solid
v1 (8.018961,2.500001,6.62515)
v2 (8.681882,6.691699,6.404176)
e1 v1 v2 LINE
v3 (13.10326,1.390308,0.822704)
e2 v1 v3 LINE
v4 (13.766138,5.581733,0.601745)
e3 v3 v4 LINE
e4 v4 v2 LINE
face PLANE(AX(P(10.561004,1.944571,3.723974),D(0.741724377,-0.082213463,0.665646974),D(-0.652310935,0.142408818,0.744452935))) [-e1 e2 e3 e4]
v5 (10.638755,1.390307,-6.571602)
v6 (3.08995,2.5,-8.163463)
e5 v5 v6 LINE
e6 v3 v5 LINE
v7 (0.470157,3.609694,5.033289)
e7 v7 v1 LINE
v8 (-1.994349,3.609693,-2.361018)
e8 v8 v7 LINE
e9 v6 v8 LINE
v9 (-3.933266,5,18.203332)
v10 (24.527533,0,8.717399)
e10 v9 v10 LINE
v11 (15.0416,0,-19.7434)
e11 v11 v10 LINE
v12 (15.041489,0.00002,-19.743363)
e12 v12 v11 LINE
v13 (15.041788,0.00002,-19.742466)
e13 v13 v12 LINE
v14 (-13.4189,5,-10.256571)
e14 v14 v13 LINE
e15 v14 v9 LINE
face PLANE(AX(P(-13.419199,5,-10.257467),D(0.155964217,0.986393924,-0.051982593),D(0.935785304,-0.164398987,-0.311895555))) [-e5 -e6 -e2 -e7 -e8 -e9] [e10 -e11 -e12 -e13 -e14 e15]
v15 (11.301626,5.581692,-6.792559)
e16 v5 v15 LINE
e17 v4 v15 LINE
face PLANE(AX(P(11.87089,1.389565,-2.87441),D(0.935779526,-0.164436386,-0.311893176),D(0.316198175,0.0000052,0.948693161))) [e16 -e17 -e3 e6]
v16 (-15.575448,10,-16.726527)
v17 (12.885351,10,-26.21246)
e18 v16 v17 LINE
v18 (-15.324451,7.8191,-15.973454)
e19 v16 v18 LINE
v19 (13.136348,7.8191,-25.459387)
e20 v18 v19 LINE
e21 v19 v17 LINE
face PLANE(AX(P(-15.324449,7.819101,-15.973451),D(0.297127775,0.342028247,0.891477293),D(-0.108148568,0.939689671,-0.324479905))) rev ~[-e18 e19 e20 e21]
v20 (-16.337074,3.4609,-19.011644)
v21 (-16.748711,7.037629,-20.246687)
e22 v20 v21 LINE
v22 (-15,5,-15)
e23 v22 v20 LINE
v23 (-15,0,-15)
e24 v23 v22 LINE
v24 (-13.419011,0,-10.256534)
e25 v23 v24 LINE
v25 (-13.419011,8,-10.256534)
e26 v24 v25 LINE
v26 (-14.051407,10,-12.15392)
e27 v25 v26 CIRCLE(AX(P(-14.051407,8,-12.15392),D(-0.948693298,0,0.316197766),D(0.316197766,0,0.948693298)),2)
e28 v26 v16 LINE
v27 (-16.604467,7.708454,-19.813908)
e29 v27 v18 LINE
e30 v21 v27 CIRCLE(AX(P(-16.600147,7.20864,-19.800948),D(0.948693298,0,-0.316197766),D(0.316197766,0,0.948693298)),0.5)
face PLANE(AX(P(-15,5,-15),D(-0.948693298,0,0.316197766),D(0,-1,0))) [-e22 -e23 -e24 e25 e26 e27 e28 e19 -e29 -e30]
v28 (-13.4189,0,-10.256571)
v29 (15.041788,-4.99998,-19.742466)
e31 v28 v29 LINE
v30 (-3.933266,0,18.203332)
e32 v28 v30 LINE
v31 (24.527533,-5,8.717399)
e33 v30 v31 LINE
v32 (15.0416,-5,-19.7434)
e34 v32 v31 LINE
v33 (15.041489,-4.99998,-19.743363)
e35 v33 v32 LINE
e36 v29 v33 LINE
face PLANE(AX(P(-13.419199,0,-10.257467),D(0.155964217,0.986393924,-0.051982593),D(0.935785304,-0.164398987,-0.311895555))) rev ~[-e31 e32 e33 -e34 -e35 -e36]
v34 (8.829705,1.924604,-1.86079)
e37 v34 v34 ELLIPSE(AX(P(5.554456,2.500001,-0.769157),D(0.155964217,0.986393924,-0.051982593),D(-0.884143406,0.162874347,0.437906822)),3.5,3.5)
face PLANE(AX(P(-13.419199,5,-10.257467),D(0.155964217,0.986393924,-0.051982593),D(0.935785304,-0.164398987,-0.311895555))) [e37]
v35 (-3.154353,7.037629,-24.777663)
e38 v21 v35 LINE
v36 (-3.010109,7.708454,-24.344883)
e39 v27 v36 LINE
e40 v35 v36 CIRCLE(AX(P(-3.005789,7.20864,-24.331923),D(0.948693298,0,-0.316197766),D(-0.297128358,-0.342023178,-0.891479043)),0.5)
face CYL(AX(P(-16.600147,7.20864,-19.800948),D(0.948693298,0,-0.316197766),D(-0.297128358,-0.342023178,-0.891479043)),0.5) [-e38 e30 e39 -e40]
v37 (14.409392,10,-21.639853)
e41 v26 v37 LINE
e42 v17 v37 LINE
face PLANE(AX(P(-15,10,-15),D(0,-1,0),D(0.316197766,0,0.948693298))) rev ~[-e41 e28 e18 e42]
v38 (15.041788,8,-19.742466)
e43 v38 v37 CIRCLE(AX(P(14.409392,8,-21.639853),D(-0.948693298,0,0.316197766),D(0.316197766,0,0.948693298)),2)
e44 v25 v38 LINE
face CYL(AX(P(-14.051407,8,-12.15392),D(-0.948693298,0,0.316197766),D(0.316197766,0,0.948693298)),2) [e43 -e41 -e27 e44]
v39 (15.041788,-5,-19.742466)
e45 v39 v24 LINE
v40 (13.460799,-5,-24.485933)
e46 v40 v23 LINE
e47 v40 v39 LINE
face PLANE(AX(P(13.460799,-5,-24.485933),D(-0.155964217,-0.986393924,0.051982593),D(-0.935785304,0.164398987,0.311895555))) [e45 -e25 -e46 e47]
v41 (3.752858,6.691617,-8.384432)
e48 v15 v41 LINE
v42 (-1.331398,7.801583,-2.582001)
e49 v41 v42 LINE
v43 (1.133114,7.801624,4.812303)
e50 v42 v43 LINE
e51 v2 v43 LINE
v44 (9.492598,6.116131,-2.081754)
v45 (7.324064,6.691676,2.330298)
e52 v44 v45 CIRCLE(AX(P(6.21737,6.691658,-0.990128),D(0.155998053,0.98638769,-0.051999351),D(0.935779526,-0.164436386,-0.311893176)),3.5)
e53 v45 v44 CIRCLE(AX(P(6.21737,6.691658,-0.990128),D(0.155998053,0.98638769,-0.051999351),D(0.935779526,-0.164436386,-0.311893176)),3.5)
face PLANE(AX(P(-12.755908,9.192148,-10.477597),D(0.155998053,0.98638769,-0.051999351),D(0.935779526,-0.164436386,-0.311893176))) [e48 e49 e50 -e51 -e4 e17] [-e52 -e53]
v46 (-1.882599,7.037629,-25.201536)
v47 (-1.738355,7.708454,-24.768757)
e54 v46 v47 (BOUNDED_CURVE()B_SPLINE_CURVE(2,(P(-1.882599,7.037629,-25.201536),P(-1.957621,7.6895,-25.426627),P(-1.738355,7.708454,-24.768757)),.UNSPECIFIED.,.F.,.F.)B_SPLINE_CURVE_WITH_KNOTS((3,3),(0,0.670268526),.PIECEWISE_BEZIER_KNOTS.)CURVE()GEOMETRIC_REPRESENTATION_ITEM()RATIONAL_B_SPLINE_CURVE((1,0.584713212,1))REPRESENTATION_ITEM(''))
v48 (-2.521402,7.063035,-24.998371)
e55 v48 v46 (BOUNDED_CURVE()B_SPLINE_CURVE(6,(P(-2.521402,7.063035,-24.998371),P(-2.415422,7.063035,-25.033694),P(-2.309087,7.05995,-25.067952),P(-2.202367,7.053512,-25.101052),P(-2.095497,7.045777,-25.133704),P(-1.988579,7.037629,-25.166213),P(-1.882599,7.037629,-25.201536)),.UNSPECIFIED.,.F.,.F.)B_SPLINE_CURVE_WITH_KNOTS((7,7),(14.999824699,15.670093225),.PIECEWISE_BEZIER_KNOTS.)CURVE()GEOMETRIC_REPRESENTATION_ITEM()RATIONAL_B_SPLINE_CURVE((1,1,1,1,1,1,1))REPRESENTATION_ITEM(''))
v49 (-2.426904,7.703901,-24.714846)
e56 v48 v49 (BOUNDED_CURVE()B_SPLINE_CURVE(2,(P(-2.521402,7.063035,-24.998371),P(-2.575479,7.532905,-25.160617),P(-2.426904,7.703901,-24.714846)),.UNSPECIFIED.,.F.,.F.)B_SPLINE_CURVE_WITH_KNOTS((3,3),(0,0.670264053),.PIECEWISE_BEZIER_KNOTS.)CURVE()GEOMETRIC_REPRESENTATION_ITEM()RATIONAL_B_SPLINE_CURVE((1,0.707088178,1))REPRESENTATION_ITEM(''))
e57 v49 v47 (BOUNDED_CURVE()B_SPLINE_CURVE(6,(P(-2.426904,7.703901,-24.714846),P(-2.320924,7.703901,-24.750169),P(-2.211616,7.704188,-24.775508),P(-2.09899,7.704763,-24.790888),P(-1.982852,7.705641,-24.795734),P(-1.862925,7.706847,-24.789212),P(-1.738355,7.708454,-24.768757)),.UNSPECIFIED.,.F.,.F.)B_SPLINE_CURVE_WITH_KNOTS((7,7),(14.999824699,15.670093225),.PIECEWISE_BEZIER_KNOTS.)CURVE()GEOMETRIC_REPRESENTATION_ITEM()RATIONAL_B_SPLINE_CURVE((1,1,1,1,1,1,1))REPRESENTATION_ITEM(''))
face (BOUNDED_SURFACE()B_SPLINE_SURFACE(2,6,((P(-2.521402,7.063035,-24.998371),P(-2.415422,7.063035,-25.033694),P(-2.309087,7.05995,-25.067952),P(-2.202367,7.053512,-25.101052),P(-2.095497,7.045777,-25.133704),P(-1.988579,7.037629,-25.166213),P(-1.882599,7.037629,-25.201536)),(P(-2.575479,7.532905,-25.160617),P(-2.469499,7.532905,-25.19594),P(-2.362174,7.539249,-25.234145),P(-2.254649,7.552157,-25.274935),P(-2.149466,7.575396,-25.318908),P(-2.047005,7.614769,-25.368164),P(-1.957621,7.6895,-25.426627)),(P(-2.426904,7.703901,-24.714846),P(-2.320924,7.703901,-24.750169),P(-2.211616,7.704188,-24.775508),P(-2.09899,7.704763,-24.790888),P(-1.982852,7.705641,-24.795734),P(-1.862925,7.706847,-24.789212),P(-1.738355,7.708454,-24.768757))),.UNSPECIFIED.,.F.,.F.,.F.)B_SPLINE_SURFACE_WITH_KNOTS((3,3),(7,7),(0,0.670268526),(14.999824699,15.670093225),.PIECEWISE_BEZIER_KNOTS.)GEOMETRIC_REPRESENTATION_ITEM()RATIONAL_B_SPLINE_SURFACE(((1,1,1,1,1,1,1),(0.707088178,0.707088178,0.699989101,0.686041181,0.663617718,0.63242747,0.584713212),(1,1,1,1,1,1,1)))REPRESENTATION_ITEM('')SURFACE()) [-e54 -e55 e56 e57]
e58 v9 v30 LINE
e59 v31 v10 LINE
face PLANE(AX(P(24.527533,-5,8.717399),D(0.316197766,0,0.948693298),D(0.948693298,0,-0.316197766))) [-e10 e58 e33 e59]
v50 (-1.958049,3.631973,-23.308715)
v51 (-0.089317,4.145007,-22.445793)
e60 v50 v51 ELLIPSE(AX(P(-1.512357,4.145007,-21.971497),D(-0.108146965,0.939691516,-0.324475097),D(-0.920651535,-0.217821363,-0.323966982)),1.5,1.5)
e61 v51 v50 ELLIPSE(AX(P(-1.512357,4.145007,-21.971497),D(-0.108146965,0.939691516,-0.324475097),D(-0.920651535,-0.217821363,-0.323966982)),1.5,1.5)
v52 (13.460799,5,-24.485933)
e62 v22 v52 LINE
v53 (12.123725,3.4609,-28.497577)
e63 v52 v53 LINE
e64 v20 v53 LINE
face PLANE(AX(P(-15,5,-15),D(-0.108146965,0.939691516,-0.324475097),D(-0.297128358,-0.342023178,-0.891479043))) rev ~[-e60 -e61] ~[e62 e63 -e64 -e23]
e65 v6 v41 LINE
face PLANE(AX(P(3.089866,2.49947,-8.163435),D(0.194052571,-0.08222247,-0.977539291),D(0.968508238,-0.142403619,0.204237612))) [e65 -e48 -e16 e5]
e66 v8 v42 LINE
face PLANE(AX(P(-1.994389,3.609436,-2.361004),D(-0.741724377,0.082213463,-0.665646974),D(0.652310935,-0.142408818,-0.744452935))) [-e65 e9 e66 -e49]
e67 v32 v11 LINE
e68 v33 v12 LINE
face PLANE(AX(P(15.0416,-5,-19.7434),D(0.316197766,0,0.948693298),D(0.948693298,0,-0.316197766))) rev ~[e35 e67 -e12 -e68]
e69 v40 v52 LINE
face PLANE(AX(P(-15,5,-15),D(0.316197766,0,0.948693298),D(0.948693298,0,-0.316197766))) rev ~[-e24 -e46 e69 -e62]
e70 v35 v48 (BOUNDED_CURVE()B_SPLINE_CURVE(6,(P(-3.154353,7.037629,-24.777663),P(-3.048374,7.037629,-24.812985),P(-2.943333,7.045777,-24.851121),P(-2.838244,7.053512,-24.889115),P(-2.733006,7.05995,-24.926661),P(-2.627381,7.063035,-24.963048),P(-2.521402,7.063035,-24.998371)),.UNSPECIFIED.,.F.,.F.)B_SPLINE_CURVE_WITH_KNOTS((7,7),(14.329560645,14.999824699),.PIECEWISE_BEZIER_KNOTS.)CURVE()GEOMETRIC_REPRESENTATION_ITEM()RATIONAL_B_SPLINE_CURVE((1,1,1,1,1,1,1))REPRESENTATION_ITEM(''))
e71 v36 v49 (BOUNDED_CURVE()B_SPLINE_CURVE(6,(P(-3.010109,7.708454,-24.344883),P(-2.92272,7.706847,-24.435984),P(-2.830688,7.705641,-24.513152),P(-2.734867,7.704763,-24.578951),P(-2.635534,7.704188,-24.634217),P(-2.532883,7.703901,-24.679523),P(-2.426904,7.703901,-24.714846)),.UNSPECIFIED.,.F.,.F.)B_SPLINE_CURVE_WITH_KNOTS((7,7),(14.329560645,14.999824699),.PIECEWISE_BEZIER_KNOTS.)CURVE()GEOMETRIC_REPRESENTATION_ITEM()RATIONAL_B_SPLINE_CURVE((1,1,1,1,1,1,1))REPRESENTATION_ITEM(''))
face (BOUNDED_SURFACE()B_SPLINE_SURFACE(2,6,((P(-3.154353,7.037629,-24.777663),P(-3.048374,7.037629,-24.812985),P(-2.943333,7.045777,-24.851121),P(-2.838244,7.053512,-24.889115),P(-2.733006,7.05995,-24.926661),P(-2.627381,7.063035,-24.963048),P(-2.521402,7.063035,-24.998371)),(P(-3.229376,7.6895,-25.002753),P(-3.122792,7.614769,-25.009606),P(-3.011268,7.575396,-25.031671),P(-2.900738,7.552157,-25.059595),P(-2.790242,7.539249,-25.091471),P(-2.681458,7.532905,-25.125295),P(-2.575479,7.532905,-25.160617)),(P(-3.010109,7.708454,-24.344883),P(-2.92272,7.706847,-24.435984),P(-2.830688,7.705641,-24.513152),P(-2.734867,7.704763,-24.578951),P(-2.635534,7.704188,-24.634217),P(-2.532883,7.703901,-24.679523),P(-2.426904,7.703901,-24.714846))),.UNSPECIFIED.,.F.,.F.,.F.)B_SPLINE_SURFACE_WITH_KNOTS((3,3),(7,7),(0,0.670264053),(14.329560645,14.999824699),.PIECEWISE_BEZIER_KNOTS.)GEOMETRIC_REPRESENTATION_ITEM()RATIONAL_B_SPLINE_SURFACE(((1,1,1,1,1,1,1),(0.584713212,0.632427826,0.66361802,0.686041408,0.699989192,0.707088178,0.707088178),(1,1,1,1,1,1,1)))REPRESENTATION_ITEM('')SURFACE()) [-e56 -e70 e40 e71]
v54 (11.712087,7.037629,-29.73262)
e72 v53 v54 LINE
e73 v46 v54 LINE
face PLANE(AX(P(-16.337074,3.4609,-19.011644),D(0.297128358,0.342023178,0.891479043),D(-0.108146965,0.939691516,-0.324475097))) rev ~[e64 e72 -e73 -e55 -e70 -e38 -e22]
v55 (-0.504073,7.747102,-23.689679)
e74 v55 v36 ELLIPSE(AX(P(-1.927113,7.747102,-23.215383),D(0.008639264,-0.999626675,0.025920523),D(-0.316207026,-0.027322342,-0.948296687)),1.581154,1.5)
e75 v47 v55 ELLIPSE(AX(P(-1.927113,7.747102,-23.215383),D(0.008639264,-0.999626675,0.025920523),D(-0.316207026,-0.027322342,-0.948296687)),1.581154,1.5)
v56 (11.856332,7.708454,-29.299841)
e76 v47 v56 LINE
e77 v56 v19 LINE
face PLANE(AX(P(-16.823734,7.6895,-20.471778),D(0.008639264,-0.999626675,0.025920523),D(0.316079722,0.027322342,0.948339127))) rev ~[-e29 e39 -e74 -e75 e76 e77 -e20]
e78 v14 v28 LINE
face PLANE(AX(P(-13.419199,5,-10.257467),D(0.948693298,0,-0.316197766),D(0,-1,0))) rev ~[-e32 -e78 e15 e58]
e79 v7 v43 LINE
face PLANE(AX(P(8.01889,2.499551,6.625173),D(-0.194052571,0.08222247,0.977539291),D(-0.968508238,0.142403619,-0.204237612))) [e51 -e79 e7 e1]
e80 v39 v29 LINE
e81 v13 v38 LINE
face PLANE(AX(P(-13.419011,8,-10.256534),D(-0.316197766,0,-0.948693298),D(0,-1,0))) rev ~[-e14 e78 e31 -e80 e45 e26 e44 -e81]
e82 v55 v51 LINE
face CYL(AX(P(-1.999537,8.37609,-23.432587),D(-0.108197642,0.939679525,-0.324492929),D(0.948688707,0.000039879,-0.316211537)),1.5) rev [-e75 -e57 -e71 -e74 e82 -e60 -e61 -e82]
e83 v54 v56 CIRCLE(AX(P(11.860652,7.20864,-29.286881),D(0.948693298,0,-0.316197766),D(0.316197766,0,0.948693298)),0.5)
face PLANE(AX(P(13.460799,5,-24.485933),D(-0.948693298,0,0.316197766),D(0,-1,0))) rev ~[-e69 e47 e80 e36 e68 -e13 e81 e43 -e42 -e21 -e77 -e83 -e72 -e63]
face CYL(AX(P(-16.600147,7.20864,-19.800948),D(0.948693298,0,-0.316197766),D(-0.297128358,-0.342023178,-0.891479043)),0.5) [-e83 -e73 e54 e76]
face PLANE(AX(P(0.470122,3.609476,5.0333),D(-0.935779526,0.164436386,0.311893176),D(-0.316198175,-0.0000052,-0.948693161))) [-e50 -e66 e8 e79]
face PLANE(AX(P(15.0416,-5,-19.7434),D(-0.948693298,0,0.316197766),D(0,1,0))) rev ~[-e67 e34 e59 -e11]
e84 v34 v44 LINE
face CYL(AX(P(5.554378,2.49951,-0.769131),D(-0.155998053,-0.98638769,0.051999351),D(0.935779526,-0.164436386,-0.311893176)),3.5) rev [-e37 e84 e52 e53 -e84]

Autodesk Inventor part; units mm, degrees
ref_plane "YZ Plane" through (0, 0, 0) normal (1, 0, 0) x (0, 1, 0)
ref_plane "XZ Plane" through (0, 0, 0) normal (0, 1, 0) x (-1, 0, 0)
ref_plane "XY Plane" through (0, 0, 0) normal (0, 0, 1) x (1, 0, 0)
ref_plane "Work Plane2" through (-15, 5, -15) normal (-0.9487, 0, 0.3162) x (0, -1, 0)
sketch "Sketch3" plane through (-15, 5, -15) normal (-0.9487, 0, 0.3162) x (0, -1, 0)
  line L0 (0, 37.9473) -> (0, 0) projected
  line L1 (0, 0) -> (-5, 0)
  line L2 (-5, 0) -> (-5, 3)
  line L3 (-3, 5) -> (0, 5)
  line L4 (0, 0) -> (0, 5)
  arc A0 (-3, 5) -> (-5, 3) centre (-3, 3) ccw
  line L5 (0, 0) -> (5.0254, 0) construction
  line L6 (5, 0) -> (0, 0) projected
  line L7 (0, 0) -> (-5, -1.8199)
  line L8 (0, 0) -> (5.3209, 0) construction
  line L9 (-5, -1.8199) -> (-5, 0)
  line L10 (0, 0) -> (-3.2889, -1.1971)
  line L11 (0, 0) -> (-2.8191, -1.0261)
  line L12 (0, 0) -> (1.5391, -4.2286)
  line L13 (1.5391, -4.2286) -> (-2.6895, -5.7677)
  line L14 (-2.6895, -5.7677) -> (-2.8191, -1.0261)
  point P0 (5, 18.9737)
  point P1 (-5, 5)
  dimension "d5" = 5
  dimension "d6" = 5
  dimension "d7" = 2
  dimension "d9" = 160
  dimension "d12" = 3.5
  dimension "d20" = 3
  dimension "d21" = 4.5
extrude "Extrusion2" add sketch "Sketch3" against normal blind 30
ref_plane "Work Plane4" through (-16.8239, 7.6895, -20.4717) normal (0.1082, -0.9397, 0.3245) x (0.9487, 0, -0.3162)
sketch "Sketch5" plane through (-16.8239, 7.6895, -20.4717) normal (0.1082, -0.9397, 0.3245) x (0.9487, 0, -0.3162)
  line L0 (30, 4.5) -> (30, 0) projected
  line L1 (30, 0) -> (30, -0.5)
  line L2 (30, -0.5) -> (15, -0.5)
  line L3 (15, -0.5) -> (15, 2)
  circle A0 centre (15, 2) radius 1.5
  point P0 (9.4868, 20.6193)
  dimension "d24" = 0.5
  dimension "d25" = 15
  dimension "d26" = 2.5
  dimension "d27" = 3
extrude "Extrusion4" cut sketch "Sketch5" along normal blind 10
sketch "Sketch7" plane through (-15, 5, -15) normal (-0.9487, 0, 0.3162) x (0, -1, 0)
  line L0 (0, 0) -> (6.5506, 2.3842)
  line L1 (0, 0) -> (6.971, 0) construction
  line L2 (6.5506, 2.3842) -> (6.5506, -3.325)
  line L3 (6.5506, -3.325) -> (0, 0)
  point P0 (5, 18.9737)
  dimension "d34" = 20
extrude "Extrusion6" cut sketch "Sketch7" along normal blind 5 and the other way blind 40
fillet "Fillet2" radius 0.5 1 edges at (-2.5937, 7.6895, -25.2151)
sketch "Sketch8" plane through (-13.4189, 5, -10.2566) normal (0.3162, 0, 0.9487) x (0.9487, 0, -0.3162)
  line L0 (30, 0) -> (31.6228, 0) projected
  line L1 (30, 0) -> (36.1043, 0)
  line L2 (36.1043, 0) -> (36.1043, -10.0041)
  line L3 (36.1043, -10.0041) -> (30, -10.0041)
  line L4 (30, -10.0041) -> (30, 0)
  point P0 (9.4868, -5)
extrude "Extrusion7" cut sketch "Sketch8" along normal mid plane 20
ref_plane "Work Plane7" through (-15, 5, -15) normal (0.3162, 0, 0.9487) x (0.9487, 0, -0.3162)
sketch "Sketch10" plane through (-15, 5, -15) normal (0.3162, 0, 0.9487) x (0.9487, 0, -0.3162)
  line L0 (0, 0) -> (30, 0) projected
  line L1 (0, 0) -> (30, 0)
  line L2 (30, 0) -> (30, -5)
  line L3 (30, -5) -> (0, -5)
  line L4 (0, -5) -> (0, 0)
  line L5 (30, -5) -> (30, -10)
  line L6 (30, -10) -> (0, -5)
  point P0 (9.4868, -5)
  dimension "d49" = 30
  dimension "d50" = 5
  dimension "d51" = 5
extrude "Extrusion8" add sketch "Sketch10" along normal blind 5
sketch "Sketch11" plane through (15.0416, -5, -19.7434) normal (0.3162, 0, 0.9487) x (0.9487, 0, -0.3162)
  line L0 (-30, 10) -> (-30, 5) projected
  line L1 (-30, 5) -> (-30, 10)
  line L2 (-30, 10) -> (0, 5)
  line L3 (0, 0) -> (0, 10) projected
  line L4 (0, 0) -> (0, 5)
  line L5 (-30, 5) -> (0, 0) projected
  line L6 (0, 0) -> (-30, 5)
  point P0 (-20.5132, 5)
  dimension "d54" = 5
extrude "Extrusion9" add sketch "Sketch11" along normal blind 30
sketch "Sketch13" plane through (-13.4189, 5, -10.2566) normal (0.156, 0.9864, -0.052) x (0.9358, -0.1644, -0.3119)
  line L0 (30.4138, -30) -> (0, -30) projected
  line L1 (15.2069, -30) -> (15.2069, -15)
  circle A0 centre (15.2069, -15) radius 6.75
  line L2 (21.9569, -18.8971) -> (15.2069, -22.7942)
  line L3 (15.2069, -22.7942) -> (8.4569, -18.8971)
  line L4 (8.4569, -18.8971) -> (8.4569, -11.1029)
  line L5 (8.4569, -11.1029) -> (15.2069, -7.2058)
  line L6 (15.2069, -7.2058) -> (21.9569, -11.1029)
  line L7 (21.9569, -11.1029) -> (21.9569, -18.8971)
  circle A1 centre (15.2069, -15) radius 3.5
  point P0 (10.1797, -13.9737)
  point P1 (21.9569, -15)
  dimension "d58" = 13.5
  dimension "d57" = 15
  dimension "d59" = 7
extrude "Extrusion10" add sketch "Sketch13" along normal blind 4.25
properties part number "sem2_thumbmount2"
